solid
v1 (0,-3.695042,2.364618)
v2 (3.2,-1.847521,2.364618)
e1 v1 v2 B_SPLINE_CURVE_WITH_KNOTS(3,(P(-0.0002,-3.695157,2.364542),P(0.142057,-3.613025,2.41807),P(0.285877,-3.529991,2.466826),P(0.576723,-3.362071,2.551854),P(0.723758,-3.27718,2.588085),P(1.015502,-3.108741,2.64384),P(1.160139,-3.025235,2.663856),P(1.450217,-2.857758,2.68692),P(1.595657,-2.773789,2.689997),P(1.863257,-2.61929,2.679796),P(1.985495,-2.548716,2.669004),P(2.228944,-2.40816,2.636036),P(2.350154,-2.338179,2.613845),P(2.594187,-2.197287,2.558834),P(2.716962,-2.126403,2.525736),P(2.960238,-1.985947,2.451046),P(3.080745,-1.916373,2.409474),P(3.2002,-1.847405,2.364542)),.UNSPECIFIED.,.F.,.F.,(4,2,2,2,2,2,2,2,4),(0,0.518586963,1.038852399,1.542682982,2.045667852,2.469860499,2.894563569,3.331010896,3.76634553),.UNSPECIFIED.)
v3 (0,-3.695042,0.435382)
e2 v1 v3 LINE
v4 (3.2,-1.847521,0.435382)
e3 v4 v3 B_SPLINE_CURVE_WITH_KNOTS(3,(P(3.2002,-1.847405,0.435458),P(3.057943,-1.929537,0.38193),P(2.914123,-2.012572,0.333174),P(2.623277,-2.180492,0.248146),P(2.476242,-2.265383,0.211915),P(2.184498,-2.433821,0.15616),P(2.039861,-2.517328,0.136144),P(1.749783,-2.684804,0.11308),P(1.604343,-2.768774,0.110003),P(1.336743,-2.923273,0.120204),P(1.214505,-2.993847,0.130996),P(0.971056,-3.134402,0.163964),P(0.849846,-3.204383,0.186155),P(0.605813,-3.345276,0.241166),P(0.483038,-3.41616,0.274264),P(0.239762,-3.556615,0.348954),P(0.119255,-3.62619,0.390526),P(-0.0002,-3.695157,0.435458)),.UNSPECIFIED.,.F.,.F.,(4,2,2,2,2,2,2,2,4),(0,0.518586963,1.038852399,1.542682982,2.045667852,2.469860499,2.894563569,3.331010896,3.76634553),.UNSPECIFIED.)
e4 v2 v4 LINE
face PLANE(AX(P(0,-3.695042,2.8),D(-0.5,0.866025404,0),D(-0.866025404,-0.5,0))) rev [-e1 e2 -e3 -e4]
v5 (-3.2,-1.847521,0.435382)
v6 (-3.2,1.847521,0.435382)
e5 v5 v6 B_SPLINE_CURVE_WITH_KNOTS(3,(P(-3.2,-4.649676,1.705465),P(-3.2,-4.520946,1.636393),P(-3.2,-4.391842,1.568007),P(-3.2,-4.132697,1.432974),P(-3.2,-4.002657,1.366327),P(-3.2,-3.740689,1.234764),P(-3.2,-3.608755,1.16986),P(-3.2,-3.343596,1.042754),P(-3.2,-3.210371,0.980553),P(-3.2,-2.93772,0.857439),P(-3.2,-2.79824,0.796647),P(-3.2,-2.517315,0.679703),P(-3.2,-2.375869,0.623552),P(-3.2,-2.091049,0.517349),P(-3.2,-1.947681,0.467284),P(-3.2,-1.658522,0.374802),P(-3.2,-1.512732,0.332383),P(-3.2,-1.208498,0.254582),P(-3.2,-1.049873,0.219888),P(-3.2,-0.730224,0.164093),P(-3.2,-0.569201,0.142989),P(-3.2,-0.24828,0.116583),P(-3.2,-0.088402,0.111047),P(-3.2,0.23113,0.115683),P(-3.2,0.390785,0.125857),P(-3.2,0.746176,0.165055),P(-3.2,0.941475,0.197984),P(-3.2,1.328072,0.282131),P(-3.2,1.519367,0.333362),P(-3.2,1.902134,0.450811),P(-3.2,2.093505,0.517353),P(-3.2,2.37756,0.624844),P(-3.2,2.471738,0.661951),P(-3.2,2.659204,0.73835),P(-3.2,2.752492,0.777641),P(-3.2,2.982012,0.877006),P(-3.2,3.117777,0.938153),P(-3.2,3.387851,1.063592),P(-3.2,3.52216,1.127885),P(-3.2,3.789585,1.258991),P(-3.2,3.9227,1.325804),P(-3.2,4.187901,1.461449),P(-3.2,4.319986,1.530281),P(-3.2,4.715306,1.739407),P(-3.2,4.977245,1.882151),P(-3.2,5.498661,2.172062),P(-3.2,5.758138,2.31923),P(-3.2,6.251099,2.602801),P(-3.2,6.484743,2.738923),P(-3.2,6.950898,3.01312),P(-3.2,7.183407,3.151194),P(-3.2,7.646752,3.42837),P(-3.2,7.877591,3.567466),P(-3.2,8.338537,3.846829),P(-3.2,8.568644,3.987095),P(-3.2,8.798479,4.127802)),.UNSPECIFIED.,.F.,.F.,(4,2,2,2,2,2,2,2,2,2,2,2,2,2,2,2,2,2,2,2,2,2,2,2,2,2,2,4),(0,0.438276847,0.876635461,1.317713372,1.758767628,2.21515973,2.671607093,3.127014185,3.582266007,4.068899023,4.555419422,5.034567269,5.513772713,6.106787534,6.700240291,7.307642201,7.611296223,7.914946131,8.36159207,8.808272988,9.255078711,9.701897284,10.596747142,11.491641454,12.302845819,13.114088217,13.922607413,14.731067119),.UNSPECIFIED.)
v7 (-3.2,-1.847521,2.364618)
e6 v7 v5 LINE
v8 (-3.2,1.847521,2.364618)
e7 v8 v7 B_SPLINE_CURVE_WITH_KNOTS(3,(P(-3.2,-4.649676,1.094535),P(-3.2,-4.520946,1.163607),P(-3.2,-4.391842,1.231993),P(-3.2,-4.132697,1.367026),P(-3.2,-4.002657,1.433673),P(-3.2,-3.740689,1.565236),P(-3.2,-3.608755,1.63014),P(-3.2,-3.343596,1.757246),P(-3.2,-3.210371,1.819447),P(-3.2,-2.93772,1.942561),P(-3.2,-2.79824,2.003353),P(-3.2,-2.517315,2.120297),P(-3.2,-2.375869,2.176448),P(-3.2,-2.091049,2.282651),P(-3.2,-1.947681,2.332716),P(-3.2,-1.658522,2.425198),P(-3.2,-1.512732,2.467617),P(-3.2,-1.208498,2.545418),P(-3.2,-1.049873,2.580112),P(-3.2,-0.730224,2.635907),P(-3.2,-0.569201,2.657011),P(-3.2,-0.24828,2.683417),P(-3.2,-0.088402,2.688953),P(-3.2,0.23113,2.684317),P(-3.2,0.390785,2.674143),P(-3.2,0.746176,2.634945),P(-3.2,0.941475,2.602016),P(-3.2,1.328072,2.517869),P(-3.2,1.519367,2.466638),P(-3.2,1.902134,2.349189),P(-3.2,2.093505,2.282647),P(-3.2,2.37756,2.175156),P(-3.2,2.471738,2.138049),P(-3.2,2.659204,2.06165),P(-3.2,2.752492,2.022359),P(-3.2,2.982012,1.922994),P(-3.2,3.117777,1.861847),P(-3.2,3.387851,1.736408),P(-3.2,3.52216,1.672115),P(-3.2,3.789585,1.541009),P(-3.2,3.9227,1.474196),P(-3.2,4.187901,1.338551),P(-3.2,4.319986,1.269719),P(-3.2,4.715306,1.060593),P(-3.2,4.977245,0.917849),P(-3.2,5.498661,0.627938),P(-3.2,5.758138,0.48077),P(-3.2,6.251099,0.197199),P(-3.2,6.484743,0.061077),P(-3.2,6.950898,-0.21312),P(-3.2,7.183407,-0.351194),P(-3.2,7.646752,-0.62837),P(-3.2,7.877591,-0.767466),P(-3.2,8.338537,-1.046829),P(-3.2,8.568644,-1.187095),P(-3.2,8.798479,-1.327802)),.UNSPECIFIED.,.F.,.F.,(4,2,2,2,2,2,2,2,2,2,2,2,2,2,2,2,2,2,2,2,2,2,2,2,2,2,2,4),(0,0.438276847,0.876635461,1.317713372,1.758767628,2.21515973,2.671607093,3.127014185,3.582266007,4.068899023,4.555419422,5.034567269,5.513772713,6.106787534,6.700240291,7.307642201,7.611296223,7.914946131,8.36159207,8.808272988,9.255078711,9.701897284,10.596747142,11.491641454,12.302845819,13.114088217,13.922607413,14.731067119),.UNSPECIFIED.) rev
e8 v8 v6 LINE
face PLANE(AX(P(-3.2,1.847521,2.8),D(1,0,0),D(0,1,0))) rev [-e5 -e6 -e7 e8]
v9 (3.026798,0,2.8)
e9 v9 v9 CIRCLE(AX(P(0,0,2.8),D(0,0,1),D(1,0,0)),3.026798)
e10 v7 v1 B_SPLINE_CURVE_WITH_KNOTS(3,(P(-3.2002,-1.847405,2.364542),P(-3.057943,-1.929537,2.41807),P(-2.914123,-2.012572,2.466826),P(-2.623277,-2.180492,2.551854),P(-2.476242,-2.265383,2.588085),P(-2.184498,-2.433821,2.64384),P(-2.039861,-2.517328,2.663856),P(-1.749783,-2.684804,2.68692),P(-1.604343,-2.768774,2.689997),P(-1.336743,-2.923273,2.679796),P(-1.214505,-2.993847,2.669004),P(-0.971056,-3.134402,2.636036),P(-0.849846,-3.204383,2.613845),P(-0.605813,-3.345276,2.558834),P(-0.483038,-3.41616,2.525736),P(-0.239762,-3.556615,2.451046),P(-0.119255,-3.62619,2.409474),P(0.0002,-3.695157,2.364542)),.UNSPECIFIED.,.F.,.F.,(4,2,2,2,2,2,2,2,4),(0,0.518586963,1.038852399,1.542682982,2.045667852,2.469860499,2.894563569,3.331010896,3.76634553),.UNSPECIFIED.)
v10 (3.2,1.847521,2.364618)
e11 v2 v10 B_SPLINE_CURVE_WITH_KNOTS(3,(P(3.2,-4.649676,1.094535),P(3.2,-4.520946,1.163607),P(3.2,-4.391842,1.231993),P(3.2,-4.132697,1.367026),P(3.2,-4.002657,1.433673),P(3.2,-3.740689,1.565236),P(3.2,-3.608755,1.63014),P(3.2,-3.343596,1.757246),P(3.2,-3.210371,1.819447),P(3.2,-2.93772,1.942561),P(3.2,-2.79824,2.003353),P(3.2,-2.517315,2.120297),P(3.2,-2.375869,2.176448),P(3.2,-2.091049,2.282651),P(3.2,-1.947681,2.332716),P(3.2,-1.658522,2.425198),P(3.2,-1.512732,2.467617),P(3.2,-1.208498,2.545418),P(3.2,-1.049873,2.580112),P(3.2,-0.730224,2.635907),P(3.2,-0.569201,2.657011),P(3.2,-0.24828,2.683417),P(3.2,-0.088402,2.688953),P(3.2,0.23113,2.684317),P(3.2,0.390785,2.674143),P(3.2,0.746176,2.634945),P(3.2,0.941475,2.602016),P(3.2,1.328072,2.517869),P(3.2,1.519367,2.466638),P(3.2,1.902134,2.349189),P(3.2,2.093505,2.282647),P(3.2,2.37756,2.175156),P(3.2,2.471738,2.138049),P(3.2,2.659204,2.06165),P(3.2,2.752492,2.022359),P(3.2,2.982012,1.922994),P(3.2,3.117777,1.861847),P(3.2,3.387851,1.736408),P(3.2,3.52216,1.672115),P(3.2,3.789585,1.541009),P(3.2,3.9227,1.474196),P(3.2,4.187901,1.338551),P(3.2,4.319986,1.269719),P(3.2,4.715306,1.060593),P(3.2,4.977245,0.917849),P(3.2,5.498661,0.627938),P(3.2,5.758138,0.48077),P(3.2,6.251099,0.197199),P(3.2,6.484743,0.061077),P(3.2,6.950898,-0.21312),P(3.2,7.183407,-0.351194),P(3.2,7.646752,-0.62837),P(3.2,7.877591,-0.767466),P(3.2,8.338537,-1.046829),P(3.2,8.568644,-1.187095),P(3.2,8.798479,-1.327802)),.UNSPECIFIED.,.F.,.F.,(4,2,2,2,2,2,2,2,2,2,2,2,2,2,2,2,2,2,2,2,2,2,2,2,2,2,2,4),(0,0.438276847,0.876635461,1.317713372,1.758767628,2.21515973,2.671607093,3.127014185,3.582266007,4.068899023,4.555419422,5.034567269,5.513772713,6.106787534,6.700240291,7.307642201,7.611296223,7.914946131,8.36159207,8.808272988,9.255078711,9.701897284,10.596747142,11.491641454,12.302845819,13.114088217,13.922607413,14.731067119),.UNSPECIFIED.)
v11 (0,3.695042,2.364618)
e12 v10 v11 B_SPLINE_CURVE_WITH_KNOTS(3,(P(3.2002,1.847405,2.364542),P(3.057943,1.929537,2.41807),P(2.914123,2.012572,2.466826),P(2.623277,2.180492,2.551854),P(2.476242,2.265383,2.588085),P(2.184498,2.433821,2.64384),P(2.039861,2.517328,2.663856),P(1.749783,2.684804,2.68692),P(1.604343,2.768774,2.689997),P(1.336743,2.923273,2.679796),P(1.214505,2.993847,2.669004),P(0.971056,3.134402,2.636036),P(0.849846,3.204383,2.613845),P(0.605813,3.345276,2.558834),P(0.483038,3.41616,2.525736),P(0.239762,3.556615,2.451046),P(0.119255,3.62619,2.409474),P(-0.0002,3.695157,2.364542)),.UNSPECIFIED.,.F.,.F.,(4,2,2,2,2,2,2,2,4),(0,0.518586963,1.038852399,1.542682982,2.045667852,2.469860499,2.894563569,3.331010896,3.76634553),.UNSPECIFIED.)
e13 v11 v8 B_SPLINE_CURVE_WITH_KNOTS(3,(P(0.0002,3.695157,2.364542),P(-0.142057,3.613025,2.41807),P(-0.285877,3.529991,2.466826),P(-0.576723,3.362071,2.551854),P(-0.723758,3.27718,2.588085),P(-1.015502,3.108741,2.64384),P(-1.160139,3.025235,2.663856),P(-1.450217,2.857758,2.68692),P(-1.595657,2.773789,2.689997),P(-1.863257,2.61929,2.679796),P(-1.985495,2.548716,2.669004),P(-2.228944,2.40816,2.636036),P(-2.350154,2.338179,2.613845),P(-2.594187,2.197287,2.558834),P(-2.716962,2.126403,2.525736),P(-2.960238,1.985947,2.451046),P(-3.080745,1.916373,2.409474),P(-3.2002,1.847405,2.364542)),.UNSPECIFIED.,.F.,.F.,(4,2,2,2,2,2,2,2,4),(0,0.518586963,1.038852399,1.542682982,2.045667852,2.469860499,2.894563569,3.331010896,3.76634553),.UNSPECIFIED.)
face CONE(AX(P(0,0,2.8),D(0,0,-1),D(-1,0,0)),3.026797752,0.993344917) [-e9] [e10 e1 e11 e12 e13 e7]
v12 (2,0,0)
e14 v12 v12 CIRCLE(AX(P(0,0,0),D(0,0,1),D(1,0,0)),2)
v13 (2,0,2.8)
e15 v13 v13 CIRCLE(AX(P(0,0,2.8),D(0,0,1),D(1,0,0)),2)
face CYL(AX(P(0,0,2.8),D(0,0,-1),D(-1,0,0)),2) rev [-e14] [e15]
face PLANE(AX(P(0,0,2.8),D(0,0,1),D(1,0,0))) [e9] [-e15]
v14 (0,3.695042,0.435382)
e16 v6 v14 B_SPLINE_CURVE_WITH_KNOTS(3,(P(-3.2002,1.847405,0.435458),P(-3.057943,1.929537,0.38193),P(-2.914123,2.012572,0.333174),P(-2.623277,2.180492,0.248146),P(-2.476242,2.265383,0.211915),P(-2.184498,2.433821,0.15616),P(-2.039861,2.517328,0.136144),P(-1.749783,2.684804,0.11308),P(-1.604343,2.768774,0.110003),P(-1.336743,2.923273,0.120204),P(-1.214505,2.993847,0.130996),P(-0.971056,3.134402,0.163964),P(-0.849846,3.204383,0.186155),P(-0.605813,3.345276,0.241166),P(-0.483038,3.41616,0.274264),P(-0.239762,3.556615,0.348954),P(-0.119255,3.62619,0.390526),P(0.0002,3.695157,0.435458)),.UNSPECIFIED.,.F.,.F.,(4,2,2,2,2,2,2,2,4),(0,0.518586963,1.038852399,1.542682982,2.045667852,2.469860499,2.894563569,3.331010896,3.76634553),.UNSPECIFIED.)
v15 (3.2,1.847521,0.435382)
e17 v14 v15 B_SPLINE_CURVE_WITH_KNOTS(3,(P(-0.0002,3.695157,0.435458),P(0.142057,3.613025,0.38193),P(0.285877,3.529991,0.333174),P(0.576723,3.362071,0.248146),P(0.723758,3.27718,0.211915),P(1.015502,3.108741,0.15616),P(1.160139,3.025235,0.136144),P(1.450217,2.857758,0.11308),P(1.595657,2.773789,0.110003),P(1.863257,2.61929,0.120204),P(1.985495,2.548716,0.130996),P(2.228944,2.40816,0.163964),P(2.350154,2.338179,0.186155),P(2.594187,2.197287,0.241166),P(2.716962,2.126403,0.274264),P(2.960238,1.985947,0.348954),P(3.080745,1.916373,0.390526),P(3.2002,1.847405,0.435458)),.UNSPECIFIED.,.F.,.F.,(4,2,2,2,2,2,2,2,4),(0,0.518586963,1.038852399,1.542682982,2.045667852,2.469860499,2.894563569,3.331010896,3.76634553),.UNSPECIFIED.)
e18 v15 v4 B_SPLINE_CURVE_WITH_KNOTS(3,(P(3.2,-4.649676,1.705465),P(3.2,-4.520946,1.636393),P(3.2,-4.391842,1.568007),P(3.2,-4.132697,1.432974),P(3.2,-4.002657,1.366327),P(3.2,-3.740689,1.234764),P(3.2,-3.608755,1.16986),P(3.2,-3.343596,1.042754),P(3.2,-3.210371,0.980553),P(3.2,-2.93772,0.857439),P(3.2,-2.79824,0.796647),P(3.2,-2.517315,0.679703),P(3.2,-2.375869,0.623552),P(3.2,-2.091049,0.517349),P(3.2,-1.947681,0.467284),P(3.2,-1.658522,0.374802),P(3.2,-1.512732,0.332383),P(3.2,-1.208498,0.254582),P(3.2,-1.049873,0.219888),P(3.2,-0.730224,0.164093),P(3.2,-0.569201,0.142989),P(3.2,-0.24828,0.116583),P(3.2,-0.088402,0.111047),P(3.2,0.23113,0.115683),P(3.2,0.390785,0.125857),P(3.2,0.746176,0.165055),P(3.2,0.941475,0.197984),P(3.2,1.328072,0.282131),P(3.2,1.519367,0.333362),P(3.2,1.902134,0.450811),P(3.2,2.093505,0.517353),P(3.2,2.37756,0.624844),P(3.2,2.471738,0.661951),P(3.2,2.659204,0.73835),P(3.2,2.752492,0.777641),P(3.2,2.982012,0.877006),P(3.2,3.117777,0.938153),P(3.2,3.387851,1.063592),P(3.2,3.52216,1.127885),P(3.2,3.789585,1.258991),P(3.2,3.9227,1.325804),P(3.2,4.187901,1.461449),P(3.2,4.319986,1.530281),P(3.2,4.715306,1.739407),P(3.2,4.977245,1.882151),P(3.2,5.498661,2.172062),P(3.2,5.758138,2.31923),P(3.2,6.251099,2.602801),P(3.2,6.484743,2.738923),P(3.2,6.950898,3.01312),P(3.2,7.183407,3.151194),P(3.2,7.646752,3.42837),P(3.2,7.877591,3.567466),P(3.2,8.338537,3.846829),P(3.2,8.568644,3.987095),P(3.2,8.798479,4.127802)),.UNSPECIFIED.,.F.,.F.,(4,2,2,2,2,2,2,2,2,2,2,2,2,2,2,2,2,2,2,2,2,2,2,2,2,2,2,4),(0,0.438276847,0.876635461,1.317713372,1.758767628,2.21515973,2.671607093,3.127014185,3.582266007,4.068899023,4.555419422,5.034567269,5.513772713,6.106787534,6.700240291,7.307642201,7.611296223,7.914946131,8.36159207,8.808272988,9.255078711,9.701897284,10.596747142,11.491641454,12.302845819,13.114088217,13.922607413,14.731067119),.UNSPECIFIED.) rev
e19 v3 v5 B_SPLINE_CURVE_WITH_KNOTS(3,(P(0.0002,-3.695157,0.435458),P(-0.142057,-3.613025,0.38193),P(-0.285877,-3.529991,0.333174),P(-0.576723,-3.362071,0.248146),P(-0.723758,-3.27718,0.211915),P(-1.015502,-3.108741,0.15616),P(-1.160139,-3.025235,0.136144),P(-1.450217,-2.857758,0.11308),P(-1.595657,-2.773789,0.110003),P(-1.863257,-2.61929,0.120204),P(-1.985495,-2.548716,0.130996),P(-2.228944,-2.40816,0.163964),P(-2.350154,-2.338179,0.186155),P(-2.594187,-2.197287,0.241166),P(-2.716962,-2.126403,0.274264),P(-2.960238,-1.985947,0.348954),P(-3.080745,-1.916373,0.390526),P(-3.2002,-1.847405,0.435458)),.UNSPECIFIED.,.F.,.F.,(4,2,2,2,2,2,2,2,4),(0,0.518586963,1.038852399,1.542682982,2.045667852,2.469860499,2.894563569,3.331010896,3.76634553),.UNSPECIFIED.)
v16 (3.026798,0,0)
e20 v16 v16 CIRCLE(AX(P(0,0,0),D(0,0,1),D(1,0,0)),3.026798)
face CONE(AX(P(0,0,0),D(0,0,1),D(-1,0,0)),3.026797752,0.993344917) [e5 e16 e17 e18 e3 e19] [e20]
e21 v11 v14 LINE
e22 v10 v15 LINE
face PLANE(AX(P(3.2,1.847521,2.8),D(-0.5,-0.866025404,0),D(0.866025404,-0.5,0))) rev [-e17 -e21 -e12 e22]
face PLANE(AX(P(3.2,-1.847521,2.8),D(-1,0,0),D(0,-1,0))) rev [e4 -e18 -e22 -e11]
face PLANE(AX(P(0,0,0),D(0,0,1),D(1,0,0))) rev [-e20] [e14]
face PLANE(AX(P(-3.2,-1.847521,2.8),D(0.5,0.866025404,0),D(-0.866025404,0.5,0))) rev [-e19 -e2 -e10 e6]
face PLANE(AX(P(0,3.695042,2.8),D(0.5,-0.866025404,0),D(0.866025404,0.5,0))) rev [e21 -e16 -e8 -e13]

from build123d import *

# Parameters (mm, degrees)
SKETCH_1_R      = 2
EXTRUDE_1_DEPTH = 2.8


with BuildPart() as part:
    # 草图1 → 凸台-拉伸1 (new body)
    with BuildSketch(Plane.XY):
        Polygon((0, 3.695041723), (-3.2, 1.847520861), (-3.2, -1.847520861), (0, -3.695041723), (3.2, -1.847520861), (3.2, 1.847520861), align=None)
        Circle(SKETCH_1_R, mode=Mode.SUBTRACT)
    extrude(amount=EXTRUDE_1_DEPTH)

    # 草图2 → 切除-旋转1 (revolve, cut)
    with BuildSketch(Plane(origin=(0, 0, 0), x_dir=(0, 0, -1), z_dir=(1, 0, 0)), mode=Mode.PRIVATE) as cut_revolve_1_sk:
        Polygon((-2.364617701, 3.695041723), (-2.8, 3.026797752), (-2.8, 3.695041723), align=None)
    cut_revolve_1 = revolve(cut_revolve_1_sk.sketch.rotate(Axis((0, 0, 2.8), (0, 0, -1)), 300.000000046), axis=Axis((0, 0, 2.8), (0, 0, -1)), mode=Mode.SUBTRACT)

    # 镜向1: 切除-旋转1 across plane
    add(cut_revolve_1.mirror(Plane(origin=(0, 0, 1.4), x_dir=(1, 0, 0), z_dir=(0, 0, -1))), mode=Mode.SUBTRACT)


solid = part.part
